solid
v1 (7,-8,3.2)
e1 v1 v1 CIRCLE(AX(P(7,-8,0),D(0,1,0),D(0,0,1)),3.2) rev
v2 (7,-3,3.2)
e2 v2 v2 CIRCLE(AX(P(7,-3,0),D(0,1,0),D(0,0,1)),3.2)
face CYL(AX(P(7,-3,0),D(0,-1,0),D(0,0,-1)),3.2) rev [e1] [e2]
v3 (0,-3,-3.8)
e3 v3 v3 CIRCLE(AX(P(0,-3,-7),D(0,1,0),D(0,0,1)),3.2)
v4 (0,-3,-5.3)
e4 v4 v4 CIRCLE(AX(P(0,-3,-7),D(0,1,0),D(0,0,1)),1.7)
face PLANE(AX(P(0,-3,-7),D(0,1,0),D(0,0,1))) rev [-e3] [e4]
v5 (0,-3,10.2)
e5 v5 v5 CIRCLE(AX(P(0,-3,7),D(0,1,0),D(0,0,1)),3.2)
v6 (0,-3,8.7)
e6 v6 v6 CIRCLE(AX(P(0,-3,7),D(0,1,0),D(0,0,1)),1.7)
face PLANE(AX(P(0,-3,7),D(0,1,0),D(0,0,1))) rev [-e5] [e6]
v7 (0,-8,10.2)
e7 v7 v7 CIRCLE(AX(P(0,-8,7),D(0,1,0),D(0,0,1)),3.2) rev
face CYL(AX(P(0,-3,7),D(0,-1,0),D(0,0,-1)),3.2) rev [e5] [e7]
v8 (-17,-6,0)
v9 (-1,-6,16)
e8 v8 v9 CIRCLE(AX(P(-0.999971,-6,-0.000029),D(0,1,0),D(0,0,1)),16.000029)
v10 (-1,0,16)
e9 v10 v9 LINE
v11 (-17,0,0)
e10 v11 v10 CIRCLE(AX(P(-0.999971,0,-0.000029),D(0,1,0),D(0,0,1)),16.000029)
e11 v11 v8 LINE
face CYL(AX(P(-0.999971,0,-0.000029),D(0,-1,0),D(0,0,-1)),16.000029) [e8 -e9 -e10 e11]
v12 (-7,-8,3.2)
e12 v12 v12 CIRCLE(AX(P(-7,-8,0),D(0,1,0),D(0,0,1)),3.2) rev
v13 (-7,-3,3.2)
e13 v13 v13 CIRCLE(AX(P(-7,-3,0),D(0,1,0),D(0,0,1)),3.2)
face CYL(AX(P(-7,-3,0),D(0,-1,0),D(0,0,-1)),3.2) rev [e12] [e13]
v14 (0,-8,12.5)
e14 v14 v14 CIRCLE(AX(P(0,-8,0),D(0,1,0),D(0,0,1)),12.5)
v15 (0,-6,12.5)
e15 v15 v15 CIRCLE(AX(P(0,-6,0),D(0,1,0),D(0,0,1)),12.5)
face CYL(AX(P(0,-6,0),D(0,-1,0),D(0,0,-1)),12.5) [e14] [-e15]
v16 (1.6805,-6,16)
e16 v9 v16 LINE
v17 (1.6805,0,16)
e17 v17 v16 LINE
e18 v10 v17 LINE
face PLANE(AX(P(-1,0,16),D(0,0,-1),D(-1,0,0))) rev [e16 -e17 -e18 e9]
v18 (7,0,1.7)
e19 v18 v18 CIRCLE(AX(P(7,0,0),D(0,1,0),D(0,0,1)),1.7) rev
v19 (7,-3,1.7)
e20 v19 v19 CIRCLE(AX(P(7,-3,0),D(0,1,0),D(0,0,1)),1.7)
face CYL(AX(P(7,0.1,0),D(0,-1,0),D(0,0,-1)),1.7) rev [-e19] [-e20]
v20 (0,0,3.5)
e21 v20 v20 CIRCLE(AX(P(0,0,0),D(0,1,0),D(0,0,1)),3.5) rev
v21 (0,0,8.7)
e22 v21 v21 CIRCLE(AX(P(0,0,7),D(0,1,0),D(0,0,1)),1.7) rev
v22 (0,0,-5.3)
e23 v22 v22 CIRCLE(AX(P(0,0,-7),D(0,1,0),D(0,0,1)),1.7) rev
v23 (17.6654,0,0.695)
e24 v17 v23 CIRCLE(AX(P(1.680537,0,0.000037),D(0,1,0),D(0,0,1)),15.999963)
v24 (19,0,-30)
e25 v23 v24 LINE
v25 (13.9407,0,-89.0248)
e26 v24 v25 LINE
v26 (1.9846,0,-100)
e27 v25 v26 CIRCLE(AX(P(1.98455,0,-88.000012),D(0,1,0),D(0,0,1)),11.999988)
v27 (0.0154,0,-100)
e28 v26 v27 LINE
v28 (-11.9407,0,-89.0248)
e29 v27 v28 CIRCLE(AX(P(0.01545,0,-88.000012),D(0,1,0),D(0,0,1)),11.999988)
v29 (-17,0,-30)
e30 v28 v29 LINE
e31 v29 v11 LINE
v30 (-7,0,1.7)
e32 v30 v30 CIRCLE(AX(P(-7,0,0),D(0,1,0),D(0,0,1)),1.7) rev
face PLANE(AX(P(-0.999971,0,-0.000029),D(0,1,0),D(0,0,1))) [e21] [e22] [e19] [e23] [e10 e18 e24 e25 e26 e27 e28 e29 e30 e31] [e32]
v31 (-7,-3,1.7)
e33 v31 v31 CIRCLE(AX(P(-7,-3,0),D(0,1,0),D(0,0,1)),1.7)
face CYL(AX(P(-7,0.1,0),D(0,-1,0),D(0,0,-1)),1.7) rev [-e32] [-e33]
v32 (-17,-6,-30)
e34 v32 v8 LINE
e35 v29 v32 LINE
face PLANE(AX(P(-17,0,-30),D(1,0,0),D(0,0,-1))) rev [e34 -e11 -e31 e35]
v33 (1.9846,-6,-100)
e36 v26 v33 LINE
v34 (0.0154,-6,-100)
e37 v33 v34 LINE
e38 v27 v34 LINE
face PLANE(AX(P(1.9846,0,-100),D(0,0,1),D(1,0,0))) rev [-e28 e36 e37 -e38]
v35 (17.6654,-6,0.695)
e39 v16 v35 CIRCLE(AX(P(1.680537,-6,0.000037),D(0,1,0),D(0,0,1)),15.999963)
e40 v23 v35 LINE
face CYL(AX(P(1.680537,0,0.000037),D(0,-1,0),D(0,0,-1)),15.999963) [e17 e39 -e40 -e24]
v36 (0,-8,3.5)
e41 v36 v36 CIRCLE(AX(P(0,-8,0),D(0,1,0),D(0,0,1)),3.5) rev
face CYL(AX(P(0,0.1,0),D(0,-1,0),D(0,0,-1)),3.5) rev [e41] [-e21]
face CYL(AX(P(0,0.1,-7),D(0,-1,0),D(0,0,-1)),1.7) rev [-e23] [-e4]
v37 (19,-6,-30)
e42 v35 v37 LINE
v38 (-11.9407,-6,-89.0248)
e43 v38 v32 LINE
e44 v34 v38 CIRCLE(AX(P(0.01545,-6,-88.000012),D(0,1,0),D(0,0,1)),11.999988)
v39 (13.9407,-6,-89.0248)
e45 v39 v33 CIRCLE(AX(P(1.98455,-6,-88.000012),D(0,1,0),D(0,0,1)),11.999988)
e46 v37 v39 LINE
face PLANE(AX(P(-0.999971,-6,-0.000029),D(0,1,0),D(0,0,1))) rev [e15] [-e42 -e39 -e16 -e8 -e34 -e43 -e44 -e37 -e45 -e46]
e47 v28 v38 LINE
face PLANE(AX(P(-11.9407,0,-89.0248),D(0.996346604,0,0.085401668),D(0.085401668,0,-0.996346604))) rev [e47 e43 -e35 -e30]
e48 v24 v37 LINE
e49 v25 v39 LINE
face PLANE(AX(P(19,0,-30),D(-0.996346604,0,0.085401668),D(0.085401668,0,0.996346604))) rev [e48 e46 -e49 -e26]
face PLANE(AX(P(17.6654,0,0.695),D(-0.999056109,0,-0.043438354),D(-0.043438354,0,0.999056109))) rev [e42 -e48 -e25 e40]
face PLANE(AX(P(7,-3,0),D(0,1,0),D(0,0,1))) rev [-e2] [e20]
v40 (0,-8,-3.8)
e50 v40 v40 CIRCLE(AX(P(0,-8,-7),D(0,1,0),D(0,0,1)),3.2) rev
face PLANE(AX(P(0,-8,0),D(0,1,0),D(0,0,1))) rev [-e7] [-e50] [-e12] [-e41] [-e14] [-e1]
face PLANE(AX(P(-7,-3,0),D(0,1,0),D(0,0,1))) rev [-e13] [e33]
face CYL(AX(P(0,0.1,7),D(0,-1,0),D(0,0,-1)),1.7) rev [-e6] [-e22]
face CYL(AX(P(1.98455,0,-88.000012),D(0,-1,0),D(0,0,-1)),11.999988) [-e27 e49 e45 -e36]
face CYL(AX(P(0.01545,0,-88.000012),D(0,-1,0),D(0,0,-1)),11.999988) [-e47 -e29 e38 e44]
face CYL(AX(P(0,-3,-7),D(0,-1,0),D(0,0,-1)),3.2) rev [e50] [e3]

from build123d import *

# Parameters (mm, degrees)
BOSS_1_DEPTH  = 6
S_CYL2_R      = 12.5
BOSS_2_DEPTH  = 2
S_HOLE3_R     = 3.5
HOLE_3_DEPTH  = 8.2
S_HOLE4_R     = 1.7
HOLE_4_DEPTH  = 8.2
S_HOLE5_R     = 1.7
HOLE_5_DEPTH  = 8.2
S_HOLE6_R     = 1.7
HOLE_6_DEPTH  = 8.2
S_HOLE7_R     = 1.7
HOLE_7_DEPTH  = 8.2
S_HOLE8_R     = 3.2
HOLE_8_DEPTH  = 5.1
S_HOLE9_R     = 3.2
HOLE_9_DEPTH  = 5.1
S_HOLE10_R    = 3.2
HOLE_10_DEPTH = 5.1
S_HOLE11_R    = 3.2
HOLE_11_DEPTH = 5.1


with BuildPart() as part:
    # S_prism1 → Boss_1 (new body)
    with BuildSketch(Plane(origin=(0, -6, 0), x_dir=(1, 0, 0), z_dir=(0, 1, 0))):
        with BuildLine():
            Line((-1, -16), (1.6805, -16))
            ThreePointArc((1.6805, -16), (12.745771818, -11.556826983), (17.6654, -0.695))
            Line((17.6654, -0.695), (19, 30))
            Line((19, 30), (13.9407, 89.0248))
            ThreePointArc((13.9407, 89.0248), (10.099439666, 96.840163588), (1.9846, 100))
            Line((1.9846, 100), (0.0154, 100))
            ThreePointArc((0.0154, 100), (-8.099439666, 96.840163588), (-11.9407, 89.0248))
            Line((-11.9407, 89.0248), (-17, 30))
            Line((-17, 30), (-17, 0))
            ThreePointArc((-17, 0), (-12.3137, -11.3137), (-1, -16))
        make_face()
    extrude(amount=BOSS_1_DEPTH)

    # S_cyl2 → Boss_2 (add)
    with BuildSketch(Plane(origin=(0, -8, 0), x_dir=(1, 0, 0), z_dir=(0, 1, 0))):
        with Locations(Location((0, 0, 0), (0, 0, 270))):
            Circle(S_CYL2_R)
    extrude(amount=BOSS_2_DEPTH)

    # S_hole3 → Hole_3 (cut)
    with BuildSketch(Plane(origin=(0, -8.1, 0), x_dir=(1, 0, 0), z_dir=(0, 1, 0))):
        with Locations(Location((0, 0, 0), (0, 0, 270))):
            Circle(S_HOLE3_R)
    extrude(amount=HOLE_3_DEPTH, mode=Mode.SUBTRACT)

    # S_hole4 → Hole_4 (cut)
    with BuildSketch(Plane(origin=(0, -8.1, 0), x_dir=(1, 0, 0), z_dir=(0, 1, 0))):
        with Locations(Location((7, 0, 0), (0, 0, 270))):
            Circle(S_HOLE4_R)
    extrude(amount=HOLE_4_DEPTH, mode=Mode.SUBTRACT)

    # S_hole5 → Hole_5 (cut)
    with BuildSketch(Plane(origin=(0, -8.1, 0), x_dir=(1, 0, 0), z_dir=(0, 1, 0))):
        with Locations(Location((0, -7, 0), (0, 0, 270))):
            Circle(S_HOLE5_R)
    extrude(amount=HOLE_5_DEPTH, mode=Mode.SUBTRACT)

    # S_hole6 → Hole_6 (cut)
    with BuildSketch(Plane(origin=(0, -8.1, 0), x_dir=(1, 0, 0), z_dir=(0, 1, 0))):
        with Locations(Location((-7, 0, 0), (0, 0, 270))):
            Circle(S_HOLE6_R)
    extrude(amount=HOLE_6_DEPTH, mode=Mode.SUBTRACT)

    # S_hole7 → Hole_7 (cut)
    with BuildSketch(Plane(origin=(0, -8.1, 0), x_dir=(1, 0, 0), z_dir=(0, 1, 0))):
        with Locations(Location((0, 7, 0), (0, 0, 270))):
            Circle(S_HOLE7_R)
    extrude(amount=HOLE_7_DEPTH, mode=Mode.SUBTRACT)

    # S_hole8 → Hole_8 (cut)
    with BuildSketch(Plane(origin=(0, -8.1, 0), x_dir=(1, 0, 0), z_dir=(0, 1, 0))):
        with Locations(Location((7, 0, 0), (0, 0, 270))):
            Circle(S_HOLE8_R)
    extrude(amount=HOLE_8_DEPTH, mode=Mode.SUBTRACT)

    # S_hole9 → Hole_9 (cut)
    with BuildSketch(Plane(origin=(0, -8.1, 0), x_dir=(1, 0, 0), z_dir=(0, 1, 0))):
        with Locations(Location((0, -7, 0), (0, 0, 270))):
            Circle(S_HOLE9_R)
    extrude(amount=HOLE_9_DEPTH, mode=Mode.SUBTRACT)

    # S_hole10 → Hole_10 (cut)
    with BuildSketch(Plane(origin=(0, -8.1, 0), x_dir=(1, 0, 0), z_dir=(0, 1, 0))):
        with Locations(Location((-7, 0, 0), (0, 0, 270))):
            Circle(S_HOLE10_R)
    extrude(amount=HOLE_10_DEPTH, mode=Mode.SUBTRACT)

    # S_hole11 → Hole_11 (cut)
    with BuildSketch(Plane(origin=(0, -8.1, 0), x_dir=(1, 0, 0), z_dir=(0, 1, 0))):
        with Locations(Location((0, 7, 0), (0, 0, 270))):
            Circle(S_HOLE11_R)
    extrude(amount=HOLE_11_DEPTH, mode=Mode.SUBTRACT)


solid = part.part
